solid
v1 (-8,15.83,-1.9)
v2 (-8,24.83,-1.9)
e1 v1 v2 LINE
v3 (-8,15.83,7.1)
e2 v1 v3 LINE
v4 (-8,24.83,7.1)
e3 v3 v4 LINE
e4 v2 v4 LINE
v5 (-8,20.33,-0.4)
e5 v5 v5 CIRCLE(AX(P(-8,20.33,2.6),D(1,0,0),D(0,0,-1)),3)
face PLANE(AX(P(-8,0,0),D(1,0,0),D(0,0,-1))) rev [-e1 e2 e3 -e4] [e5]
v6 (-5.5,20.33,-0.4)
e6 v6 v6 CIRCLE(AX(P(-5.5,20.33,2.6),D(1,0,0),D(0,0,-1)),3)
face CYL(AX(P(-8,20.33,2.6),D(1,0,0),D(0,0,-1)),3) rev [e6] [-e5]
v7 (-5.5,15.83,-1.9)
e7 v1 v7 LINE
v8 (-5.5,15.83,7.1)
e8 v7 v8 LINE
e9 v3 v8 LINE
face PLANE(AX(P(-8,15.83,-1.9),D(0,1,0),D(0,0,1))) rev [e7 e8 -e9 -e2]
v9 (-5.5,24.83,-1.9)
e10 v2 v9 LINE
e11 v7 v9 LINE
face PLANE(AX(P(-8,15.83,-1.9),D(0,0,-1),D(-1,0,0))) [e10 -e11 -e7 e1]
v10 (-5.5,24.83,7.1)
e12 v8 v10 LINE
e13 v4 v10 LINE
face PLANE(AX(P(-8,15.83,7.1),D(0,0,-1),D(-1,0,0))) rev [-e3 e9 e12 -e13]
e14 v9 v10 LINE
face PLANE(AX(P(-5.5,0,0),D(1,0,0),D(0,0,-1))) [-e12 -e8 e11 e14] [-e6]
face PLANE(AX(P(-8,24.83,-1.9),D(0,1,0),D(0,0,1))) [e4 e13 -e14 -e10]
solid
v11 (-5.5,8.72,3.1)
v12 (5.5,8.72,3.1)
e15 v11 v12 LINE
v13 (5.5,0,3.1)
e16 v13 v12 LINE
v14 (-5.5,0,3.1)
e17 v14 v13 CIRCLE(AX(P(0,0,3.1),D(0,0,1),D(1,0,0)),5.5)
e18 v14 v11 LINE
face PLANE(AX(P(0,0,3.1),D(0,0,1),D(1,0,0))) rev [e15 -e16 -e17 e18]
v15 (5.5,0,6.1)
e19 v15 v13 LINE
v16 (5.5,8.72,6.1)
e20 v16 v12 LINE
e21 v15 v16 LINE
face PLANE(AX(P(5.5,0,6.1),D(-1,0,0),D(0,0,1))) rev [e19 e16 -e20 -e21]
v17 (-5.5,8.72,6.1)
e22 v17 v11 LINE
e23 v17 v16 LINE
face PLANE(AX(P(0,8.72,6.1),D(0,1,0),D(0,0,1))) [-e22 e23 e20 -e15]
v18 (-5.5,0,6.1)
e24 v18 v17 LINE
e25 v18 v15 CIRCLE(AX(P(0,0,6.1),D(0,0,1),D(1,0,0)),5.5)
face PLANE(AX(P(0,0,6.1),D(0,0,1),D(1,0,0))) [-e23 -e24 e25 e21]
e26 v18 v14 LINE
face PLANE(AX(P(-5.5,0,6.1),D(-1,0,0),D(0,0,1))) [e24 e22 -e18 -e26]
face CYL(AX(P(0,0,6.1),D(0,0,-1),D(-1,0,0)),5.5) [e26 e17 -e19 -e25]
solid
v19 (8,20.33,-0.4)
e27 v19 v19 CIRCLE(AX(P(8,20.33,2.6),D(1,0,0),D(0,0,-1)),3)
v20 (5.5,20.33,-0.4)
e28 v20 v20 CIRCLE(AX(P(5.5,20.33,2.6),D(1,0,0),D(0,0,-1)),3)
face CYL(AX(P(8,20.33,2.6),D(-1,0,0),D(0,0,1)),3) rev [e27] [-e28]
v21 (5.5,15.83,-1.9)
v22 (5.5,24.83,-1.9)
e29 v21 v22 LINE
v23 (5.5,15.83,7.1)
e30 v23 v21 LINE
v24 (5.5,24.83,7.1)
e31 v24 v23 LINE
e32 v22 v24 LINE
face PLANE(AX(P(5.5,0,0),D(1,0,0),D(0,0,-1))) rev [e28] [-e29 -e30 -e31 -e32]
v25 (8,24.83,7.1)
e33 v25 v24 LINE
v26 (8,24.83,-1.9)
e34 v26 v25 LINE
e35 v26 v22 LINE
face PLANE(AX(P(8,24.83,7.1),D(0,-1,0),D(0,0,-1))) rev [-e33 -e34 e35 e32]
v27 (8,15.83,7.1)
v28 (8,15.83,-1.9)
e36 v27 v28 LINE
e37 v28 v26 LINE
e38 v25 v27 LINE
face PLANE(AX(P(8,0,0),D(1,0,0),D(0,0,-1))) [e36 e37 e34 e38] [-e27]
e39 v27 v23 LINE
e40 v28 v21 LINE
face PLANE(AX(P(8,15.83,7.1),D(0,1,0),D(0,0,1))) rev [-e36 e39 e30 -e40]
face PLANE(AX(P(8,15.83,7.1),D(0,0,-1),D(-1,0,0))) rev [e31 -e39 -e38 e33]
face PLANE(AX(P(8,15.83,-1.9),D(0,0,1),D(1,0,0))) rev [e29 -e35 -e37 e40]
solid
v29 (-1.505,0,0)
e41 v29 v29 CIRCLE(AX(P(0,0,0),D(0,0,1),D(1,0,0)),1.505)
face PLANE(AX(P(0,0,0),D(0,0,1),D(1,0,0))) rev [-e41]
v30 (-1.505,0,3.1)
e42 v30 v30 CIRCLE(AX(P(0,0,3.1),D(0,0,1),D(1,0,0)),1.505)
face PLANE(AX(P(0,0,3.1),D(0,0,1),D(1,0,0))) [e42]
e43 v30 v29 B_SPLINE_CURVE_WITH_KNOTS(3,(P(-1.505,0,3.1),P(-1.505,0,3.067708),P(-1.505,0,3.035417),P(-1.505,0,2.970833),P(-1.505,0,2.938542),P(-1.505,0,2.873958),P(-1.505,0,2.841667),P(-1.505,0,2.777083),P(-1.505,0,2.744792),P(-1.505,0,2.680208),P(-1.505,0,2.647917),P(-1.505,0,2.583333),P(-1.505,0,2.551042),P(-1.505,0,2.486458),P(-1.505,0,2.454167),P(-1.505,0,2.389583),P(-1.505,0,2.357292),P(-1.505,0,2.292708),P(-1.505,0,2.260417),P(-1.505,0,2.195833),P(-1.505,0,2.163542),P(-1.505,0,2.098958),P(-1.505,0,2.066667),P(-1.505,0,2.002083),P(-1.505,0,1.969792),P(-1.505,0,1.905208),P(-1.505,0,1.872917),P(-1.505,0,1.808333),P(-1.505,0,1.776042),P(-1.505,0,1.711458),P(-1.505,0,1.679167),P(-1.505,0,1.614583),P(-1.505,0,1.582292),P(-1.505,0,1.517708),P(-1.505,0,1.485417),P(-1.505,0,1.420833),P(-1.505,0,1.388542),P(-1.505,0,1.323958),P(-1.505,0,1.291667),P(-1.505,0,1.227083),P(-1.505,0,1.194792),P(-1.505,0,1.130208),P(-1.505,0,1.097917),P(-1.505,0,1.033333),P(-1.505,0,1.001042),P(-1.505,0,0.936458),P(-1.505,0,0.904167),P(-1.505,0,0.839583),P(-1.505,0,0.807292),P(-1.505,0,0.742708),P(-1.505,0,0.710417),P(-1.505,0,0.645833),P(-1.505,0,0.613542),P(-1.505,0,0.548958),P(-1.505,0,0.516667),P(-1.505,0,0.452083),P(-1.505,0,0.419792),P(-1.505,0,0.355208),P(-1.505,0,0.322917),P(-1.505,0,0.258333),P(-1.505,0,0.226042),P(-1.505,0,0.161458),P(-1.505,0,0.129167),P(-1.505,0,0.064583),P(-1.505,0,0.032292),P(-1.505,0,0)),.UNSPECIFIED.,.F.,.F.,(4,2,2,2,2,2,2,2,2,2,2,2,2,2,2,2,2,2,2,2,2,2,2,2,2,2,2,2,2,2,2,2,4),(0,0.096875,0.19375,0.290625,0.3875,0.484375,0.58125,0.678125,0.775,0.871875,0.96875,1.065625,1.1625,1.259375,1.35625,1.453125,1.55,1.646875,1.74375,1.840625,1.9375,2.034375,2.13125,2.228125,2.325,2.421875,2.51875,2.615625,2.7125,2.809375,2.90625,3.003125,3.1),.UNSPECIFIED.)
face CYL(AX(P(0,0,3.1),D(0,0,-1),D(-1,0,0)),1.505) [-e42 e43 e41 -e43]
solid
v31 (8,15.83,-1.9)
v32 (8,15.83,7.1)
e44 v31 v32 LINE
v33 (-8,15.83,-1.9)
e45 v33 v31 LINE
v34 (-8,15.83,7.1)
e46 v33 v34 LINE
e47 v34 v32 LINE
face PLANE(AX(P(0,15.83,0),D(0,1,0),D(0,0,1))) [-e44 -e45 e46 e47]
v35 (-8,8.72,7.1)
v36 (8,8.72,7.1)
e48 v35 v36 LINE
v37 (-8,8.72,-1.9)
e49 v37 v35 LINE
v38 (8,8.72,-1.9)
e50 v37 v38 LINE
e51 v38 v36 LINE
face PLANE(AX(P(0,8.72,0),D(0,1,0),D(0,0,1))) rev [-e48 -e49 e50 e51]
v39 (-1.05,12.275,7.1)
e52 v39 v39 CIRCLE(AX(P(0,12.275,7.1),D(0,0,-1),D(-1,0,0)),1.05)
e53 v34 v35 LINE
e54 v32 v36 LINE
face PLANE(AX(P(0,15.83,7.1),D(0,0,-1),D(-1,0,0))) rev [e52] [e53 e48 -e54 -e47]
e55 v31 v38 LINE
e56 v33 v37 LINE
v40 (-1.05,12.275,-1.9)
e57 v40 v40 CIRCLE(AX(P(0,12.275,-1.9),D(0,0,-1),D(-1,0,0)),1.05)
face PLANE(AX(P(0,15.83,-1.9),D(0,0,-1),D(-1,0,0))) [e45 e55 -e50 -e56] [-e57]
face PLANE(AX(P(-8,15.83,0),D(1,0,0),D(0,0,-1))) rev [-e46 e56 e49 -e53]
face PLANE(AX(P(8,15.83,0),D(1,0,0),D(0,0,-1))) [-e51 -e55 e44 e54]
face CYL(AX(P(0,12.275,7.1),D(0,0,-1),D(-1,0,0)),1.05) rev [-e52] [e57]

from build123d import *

# Parameters (mm, degrees)
SKETCH1_R           = 1.505
BOSS_EXTRUDE1_DEPTH = 3.1
SKETCH2_R           = 5.5
SKETCH2_R_2         = 1.505
BOSS_EXTRUDE2_DEPTH = 3
SKETCH3_W           = 11
SKETCH3_H           = 3
BOSS_EXTRUDE4_DEPTH = 7.11
F_3DSKETCH1_R       = 3
BOSS_EXTRUDE5_DEPTH = 2.5
F_3DSKETCH2_R       = 3
BOSS_EXTRUDE6_DEPTH = 2.5
SKETCH4_R           = 1.05
CUT_EXTRUDE1_DEPTH  = 9


with BuildPart() as part:
    # Sketch1 → Boss-Extrude1 (new body)
    with BuildSketch(Plane.XY):
        with Locations(Location((0, 0, 0), (0, 0, 180))):
            Circle(SKETCH1_R)
    extrude(amount=BOSS_EXTRUDE1_DEPTH)


with BuildPart() as body_2:
    # Sketch2 → Boss-Extrude2 (new body)
    # profile 1 of 3: a face of its own
    with BuildSketch(Plane.XY.offset(3.1)):
        Circle(SKETCH2_R)
        with Locations(Location((0, 0, 0), (0, 0, 180))):
            Circle(SKETCH2_R_2, mode=Mode.SUBTRACT)
    # profile 2 of 3: a face of its own
    with BuildSketch(Plane.XY.offset(3.1)):
        with Locations(Location((0, 0, 0), (0, 0, 180))):
            Circle(SKETCH2_R_2)
    # profile 3 of 3: a face of its own
    with BuildSketch(Plane.XY.offset(3.1)):
        with BuildLine():
            Line((-5.5, 8.72), (-5.5, 0))
            ThreePointArc((-5.5, 0), (0, 5.5), (5.5, 0))
            Line((5.5, 0), (5.5, 8.72))
            Line((5.5, 8.72), (-5.5, 8.72))
        make_face()
    extrude(amount=BOSS_EXTRUDE2_DEPTH)


with BuildPart() as body_3:
    # Sketch3 → Boss-Extrude4 (new body)
    with BuildSketch(Plane(origin=(0, 8.72, 0), x_dir=(1, 0, 0), z_dir=(0, 1, 0))):
        with Locations((0, -4.6)):
            Rectangle(SKETCH3_W, SKETCH3_H)
        Polygon((5.5, -6.1), (8, -6.1), (8, 1.9), (-8, 1.9), (-8, -6.1), (-5.5, -6.1), (-5.5, -3.1), (5.5, -3.1), align=None)
        Polygon((-8, -6.1), (-8, -7.1), (8, -7.1), (8, -6.1), (5.5, -6.1), (-5.5, -6.1), align=None)
    extrude(amount=BOSS_EXTRUDE4_DEPTH)

    # Sketch4 → Cut-Extrude1 (cut)
    with BuildSketch(Plane(origin=(0, 0, -1.9), x_dir=(-1, 0, 0), z_dir=(0, 0, -1))):
        with Locations((0, 12.275)):
            Circle(SKETCH4_R)
    extrude(amount=-CUT_EXTRUDE1_DEPTH, mode=Mode.SUBTRACT)


with BuildPart() as body_4:
    # 3DSketch1 → Boss-Extrude5 (new body)
    with BuildSketch(Plane(origin=(-8, 15.83, -1.9), x_dir=(0, 0.7071067811865475, 0.7071067811865476), z_dir=(-1, 0, 0))):
        Polygon((0, 0), (6.363961031, 6.363961031), (12.727922061, 0), (6.363961031, -6.363961031), align=None)
        with Locations(Location((6.363961031, 0, 0), (0, 0, 135))):
            Circle(F_3DSKETCH1_R, mode=Mode.SUBTRACT)
    extrude(amount=-BOSS_EXTRUDE5_DEPTH)


with BuildPart() as body_5:
    # 3DSketch2 → Boss-Extrude6 (new body)
    with BuildSketch(Plane(origin=(8, 15.83, 7.1), x_dir=(0, 0.7071067811865475, -0.7071067811865476), z_dir=(1, 0, 0))):
        Polygon((0, 0), (6.363961031, 6.363961031), (12.727922061, 0), (6.363961031, -6.363961031), align=None)
        with Locations(Location((6.363961031, 0, 0), (0, 0, 315))):
            Circle(F_3DSKETCH2_R, mode=Mode.SUBTRACT)
    extrude(amount=-BOSS_EXTRUDE6_DEPTH)


solid = Compound([part.part, body_2.part, body_3.part, body_4.part, body_5.part])
